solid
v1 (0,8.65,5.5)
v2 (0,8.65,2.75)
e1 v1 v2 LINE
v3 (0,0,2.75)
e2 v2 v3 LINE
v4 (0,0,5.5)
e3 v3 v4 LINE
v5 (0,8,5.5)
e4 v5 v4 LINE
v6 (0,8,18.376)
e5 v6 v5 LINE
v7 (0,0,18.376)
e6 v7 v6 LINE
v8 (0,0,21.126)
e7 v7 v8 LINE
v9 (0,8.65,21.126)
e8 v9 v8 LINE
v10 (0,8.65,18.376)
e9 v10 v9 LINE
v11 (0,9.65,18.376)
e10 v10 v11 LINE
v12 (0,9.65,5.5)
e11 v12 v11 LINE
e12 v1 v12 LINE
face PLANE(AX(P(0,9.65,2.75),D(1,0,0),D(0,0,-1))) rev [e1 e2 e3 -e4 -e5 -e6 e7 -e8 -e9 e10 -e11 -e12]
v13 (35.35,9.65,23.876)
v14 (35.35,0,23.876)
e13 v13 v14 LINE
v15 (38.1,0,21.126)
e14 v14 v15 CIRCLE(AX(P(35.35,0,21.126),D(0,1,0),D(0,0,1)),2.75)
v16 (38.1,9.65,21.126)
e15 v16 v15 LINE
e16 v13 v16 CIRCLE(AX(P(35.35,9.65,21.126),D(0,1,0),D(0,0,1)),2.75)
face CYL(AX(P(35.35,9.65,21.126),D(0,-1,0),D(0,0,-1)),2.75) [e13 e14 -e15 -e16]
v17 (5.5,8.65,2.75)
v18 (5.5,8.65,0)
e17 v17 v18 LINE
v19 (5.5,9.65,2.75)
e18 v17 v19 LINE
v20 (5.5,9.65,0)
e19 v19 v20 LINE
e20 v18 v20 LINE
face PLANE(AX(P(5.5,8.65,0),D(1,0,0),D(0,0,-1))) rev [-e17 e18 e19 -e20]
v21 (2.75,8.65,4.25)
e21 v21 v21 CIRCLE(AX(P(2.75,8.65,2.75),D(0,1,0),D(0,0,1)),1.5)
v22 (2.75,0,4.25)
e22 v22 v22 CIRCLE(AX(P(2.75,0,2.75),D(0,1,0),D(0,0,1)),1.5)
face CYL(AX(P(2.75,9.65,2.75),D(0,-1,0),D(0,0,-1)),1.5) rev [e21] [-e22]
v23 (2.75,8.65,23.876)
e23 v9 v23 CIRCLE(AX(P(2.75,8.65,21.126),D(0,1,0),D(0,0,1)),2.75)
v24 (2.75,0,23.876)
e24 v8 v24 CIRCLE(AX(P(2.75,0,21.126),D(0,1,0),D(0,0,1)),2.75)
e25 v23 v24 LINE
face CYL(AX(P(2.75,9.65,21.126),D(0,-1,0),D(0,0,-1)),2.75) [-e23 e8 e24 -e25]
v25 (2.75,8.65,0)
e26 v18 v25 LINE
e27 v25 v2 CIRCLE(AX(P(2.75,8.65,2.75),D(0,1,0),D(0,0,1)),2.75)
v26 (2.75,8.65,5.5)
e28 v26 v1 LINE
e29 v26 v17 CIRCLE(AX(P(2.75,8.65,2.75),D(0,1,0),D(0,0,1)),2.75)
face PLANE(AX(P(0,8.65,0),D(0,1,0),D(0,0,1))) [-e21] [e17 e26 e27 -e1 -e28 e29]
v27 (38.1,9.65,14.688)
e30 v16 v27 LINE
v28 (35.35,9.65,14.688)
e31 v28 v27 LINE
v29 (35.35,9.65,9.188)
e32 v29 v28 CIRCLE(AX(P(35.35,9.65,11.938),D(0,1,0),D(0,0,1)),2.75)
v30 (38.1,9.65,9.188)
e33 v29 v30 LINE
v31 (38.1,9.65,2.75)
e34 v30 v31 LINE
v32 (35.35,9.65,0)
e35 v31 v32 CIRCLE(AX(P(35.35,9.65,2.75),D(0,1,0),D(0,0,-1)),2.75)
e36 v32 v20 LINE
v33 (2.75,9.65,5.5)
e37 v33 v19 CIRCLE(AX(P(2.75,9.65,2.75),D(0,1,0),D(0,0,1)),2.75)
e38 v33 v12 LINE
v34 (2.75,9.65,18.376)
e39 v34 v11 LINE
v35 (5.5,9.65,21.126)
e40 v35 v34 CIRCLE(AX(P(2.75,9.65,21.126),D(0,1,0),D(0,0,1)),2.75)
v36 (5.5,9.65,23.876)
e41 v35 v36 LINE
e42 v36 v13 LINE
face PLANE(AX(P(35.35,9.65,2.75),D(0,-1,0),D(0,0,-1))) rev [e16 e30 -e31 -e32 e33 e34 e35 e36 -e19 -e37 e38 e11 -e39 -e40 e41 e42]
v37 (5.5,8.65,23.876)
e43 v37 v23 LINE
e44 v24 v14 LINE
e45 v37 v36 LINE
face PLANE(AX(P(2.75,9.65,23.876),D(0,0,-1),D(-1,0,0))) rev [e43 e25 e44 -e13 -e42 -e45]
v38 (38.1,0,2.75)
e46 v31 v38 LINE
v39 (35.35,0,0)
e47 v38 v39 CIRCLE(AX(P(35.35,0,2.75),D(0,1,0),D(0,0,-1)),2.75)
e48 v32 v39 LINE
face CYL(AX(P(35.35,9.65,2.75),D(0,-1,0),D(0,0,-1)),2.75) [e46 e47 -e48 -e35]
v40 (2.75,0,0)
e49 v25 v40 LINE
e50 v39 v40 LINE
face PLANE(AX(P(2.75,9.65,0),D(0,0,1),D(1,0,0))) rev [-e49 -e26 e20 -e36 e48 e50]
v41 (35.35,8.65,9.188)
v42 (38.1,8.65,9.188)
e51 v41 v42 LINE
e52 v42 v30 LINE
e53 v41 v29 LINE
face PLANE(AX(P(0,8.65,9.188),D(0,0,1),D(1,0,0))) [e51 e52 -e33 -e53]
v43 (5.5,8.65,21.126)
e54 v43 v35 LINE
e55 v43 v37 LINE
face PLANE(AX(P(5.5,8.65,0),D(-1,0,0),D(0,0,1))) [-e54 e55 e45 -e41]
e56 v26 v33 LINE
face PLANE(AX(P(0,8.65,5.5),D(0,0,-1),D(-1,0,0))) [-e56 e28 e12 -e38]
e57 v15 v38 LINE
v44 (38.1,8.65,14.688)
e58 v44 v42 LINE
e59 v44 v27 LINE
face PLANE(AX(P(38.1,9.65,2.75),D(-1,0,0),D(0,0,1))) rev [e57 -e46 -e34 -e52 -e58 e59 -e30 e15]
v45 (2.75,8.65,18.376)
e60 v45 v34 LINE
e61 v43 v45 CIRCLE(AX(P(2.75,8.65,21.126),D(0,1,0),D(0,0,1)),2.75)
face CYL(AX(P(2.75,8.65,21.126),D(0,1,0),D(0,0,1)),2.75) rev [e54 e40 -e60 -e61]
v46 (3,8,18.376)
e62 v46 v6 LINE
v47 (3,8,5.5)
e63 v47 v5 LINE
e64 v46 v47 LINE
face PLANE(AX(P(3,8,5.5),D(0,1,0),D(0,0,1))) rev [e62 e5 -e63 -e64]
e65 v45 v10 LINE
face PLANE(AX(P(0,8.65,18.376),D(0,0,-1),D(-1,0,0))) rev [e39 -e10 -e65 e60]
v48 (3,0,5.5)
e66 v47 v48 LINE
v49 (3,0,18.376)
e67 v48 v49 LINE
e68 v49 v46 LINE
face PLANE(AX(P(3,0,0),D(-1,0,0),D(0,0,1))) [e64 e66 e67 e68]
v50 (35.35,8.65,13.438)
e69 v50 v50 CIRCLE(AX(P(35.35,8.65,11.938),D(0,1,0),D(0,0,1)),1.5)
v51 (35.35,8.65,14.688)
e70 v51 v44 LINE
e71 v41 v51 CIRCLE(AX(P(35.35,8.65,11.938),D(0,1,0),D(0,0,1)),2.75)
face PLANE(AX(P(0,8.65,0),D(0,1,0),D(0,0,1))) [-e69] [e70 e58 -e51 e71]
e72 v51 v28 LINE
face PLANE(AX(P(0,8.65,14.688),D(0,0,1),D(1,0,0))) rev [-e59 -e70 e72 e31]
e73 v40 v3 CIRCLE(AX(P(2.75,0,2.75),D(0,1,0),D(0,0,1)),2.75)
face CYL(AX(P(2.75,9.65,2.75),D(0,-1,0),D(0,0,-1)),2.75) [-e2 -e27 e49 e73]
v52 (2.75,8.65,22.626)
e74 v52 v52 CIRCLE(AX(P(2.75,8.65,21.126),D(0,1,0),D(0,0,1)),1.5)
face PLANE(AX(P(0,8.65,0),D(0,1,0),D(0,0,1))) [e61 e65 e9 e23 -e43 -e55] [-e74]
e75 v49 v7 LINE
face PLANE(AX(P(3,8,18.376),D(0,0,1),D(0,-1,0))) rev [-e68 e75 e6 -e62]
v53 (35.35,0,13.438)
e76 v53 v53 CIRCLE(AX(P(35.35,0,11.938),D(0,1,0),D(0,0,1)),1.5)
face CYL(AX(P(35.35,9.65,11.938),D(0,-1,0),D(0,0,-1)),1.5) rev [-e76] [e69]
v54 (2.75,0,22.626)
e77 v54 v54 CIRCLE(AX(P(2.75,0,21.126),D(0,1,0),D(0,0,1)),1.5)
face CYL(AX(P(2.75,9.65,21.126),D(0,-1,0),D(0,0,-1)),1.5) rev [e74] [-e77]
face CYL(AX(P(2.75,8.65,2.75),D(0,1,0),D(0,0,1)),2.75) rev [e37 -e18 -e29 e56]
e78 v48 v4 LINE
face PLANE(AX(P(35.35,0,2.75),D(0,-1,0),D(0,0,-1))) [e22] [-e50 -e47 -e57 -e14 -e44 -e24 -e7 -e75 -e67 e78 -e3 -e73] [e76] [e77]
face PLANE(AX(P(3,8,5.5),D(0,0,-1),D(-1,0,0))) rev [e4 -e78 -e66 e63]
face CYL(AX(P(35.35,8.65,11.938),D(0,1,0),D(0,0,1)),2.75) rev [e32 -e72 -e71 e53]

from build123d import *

# Parameters (mm, degrees)
SKETCH1_R           = 1.5
BOSS_EXTRUDE1_DEPTH = 9.65
CUT_EXTRUDE1_START  = -1
SKETCH2_R           = 1.5
CUT_EXTRUDE1_DEPTH  = 1
SKETCH4_W           = 12.876
SKETCH4_H           = 8
CUT_EXTRUDE2_DEPTH  = 3


with BuildPart() as part:
    # Sketch1 → Boss-Extrude1 (new body)
    with BuildSketch(Plane(origin=(0, 0, 0), x_dir=(1, 0, 0), z_dir=(0, 1, 0))):
        with BuildLine():
            Line((2.75, 0), (35.35, 0))
            ThreePointArc((35.35, 0), (37.294543648, -0.805456352), (38.1, -2.75))
            Line((38.1, -2.75), (38.1, -21.126))
            ThreePointArc((38.1, -21.126), (37.294543648, -23.070543648), (35.35, -23.876))
            Line((35.35, -23.876), (2.75, -23.876))
            ThreePointArc((2.75, -23.876), (0.805456352, -23.070543648), (0, -21.126))
            Line((0, -21.126), (0, -2.75))
            ThreePointArc((0, -2.75), (0.805456352, -0.805456352), (2.75, 0))
        make_face()
        with Locations(Location((2.75, -2.75, 0), (0, 0, 270))):
            Circle(SKETCH1_R, mode=Mode.SUBTRACT)
        with Locations(Location((2.75, -21.126, 0), (0, 0, 270))):
            Circle(SKETCH1_R, mode=Mode.SUBTRACT)
        with Locations(Location((35.35, -11.938, 0), (0, 0, 270))):
            Circle(SKETCH1_R, mode=Mode.SUBTRACT)
    extrude(amount=BOSS_EXTRUDE1_DEPTH)

    # Sketch2 → Cut-Extrude1 (cut)
    # profile 1 of 20: a face of its own
    with BuildSketch(Plane(origin=(0, 9.65, 0), x_dir=(1, 0, 0), z_dir=(0, 1, 0)).offset(CUT_EXTRUDE1_START)):
        with BuildLine():
            Line((2.75, -18.376), (0, -18.376))
            Line((0, -18.376), (0, -21.126))
            ThreePointArc((0, -21.126), (0.805456352, -19.181456352), (2.75, -18.376))
        make_face()
    # profile 2 of 20: a face of its own
    with BuildSketch(Plane(origin=(0, 9.65, 0), x_dir=(1, 0, 0), z_dir=(0, 1, 0)).offset(CUT_EXTRUDE1_START)):
        with BuildLine():
            ThreePointArc((2.75, -23.876), (0.805456352, -23.070543648), (0, -21.126))
            Line((0, -21.126), (0, -23.876))
            Line((0, -23.876), (2.75, -23.876))
        make_face()
    # profile 3 of 20: a face of its own
    with BuildSketch(Plane(origin=(0, 9.65, 0), x_dir=(1, 0, 0), z_dir=(0, 1, 0)).offset(CUT_EXTRUDE1_START)):
        with BuildLine():
            ThreePointArc((5.5, -21.126), (4.694543648, -19.181456352), (2.75, -18.376))
            ThreePointArc((2.75, -18.376), (0.805456352, -19.181456352), (0, -21.126))
            ThreePointArc((0, -21.126), (0.805456352, -23.070543648), (2.75, -23.876))
            ThreePointArc((2.75, -23.876), (4.694543648, -23.070543648), (5.5, -21.126))
        make_face()
        with Locations(Location((2.75, -21.126, 0), (0, 0, 270))):
            Circle(SKETCH2_R, mode=Mode.SUBTRACT)
    # profile 4 of 20: a face of its own
    with BuildSketch(Plane(origin=(0, 9.65, 0), x_dir=(1, 0, 0), z_dir=(0, 1, 0)).offset(CUT_EXTRUDE1_START)):
        with Locations(Location((2.75, -21.126, 0), (0, 0, 270))):
            Circle(SKETCH2_R)
    # profile 5 of 20: a face of its own
    with BuildSketch(Plane(origin=(0, 9.65, 0), x_dir=(1, 0, 0), z_dir=(0, 1, 0)).offset(CUT_EXTRUDE1_START)):
        with BuildLine():
            Line((5.5, -23.876), (5.5, -21.126))
            ThreePointArc((5.5, -21.126), (4.694543648, -23.070543648), (2.75, -23.876))
            Line((2.75, -23.876), (5.5, -23.876))
        make_face()
    # profile 6 of 20: a face of its own
    with BuildSketch(Plane(origin=(0, 9.65, 0), x_dir=(1, 0, 0), z_dir=(0, 1, 0)).offset(CUT_EXTRUDE1_START)):
        with BuildLine():
            ThreePointArc((0, -2.75), (0.805456352, -4.694543648), (2.75, -5.5))
            ThreePointArc((2.75, -5.5), (4.694543648, -4.694543648), (5.5, -2.75))
            ThreePointArc((5.5, -2.75), (4.694543648, -0.805456352), (2.75, 0))
            ThreePointArc((2.75, 0), (0.805456352, -0.805456352), (0, -2.75))
        make_face()
        with Locations(Location((2.75, -2.75, 0), (0, 0, 270))):
            Circle(SKETCH2_R, mode=Mode.SUBTRACT)
    # profile 7 of 20: a face of its own
    with BuildSketch(Plane(origin=(0, 9.65, 0), x_dir=(1, 0, 0), z_dir=(0, 1, 0)).offset(CUT_EXTRUDE1_START)):
        with Locations(Location((2.75, -2.75, 0), (0, 0, 270))):
            Circle(SKETCH2_R)
    # profile 8 of 20: a face of its own
    with BuildSketch(Plane(origin=(0, 9.65, 0), x_dir=(1, 0, 0), z_dir=(0, 1, 0)).offset(CUT_EXTRUDE1_START)):
        with BuildLine():
            Line((0, -5.5), (2.75, -5.5))
            ThreePointArc((2.75, -5.5), (0.805456352, -4.694543648), (0, -2.75))
            Line((0, -2.75), (0, -5.5))
        make_face()
    # profile 9 of 20: a face of its own
    with BuildSketch(Plane(origin=(0, 9.65, 0), x_dir=(1, 0, 0), z_dir=(0, 1, 0)).offset(CUT_EXTRUDE1_START)):
        with BuildLine():
            Line((0, 0), (0, -2.75))
            ThreePointArc((0, -2.75), (0.805456352, -0.805456352), (2.75, 0))
            Line((2.75, 0), (0, 0))
        make_face()
    # profile 10 of 20: a face of its own
    with BuildSketch(Plane(origin=(0, 9.65, 0), x_dir=(1, 0, 0), z_dir=(0, 1, 0)).offset(CUT_EXTRUDE1_START)):
        with BuildLine():
            ThreePointArc((2.75, 0), (4.694543648, -0.805456352), (5.5, -2.75))
            Line((5.5, -2.75), (5.5, 0))
            Line((5.5, 0), (2.75, 0))
        make_face()
    # profile 11 of 20: a face of its own
    with BuildSketch(Plane(origin=(0, 9.65, 0), x_dir=(1, 0, 0), z_dir=(0, 1, 0)).offset(CUT_EXTRUDE1_START)):
        with BuildLine():
            ThreePointArc((38.1, -11.938), (37.294543648, -9.993456352), (35.35, -9.188))
            Line((35.35, -9.188), (35.35, -10.438))
            ThreePointArc((35.35, -10.438), (36.410660172, -10.877339828), (36.85, -11.938))
            ThreePointArc((36.85, -11.938), (36.410660172, -12.998660172), (35.35, -13.438))
            Line((35.35, -13.438), (35.35, -14.688))
            ThreePointArc((35.35, -14.688), (37.294543648, -13.882543648), (38.1, -11.938))
        make_face()
    # profile 12 of 20: a face of its own
    with BuildSketch(Plane(origin=(0, 9.65, 0), x_dir=(1, 0, 0), z_dir=(0, 1, 0)).offset(CUT_EXTRUDE1_START)):
        with BuildLine():
            Line((35.35, -10.438), (35.35, -9.188))
            ThreePointArc((35.35, -9.188), (32.6, -11.938), (35.35, -14.688))
            Line((35.35, -14.688), (35.35, -13.438))
            ThreePointArc((35.35, -13.438), (33.85, -11.938), (35.35, -10.438))
        make_face()
    # profile 13 of 20: a face of its own
    with BuildSketch(Plane(origin=(0, 9.65, 0), x_dir=(1, 0, 0), z_dir=(0, 1, 0)).offset(CUT_EXTRUDE1_START)):
        with BuildLine():
            ThreePointArc((36.85, -11.938), (36.410660172, -10.877339828), (35.35, -10.438))
            Line((35.35, -10.438), (35.35, -13.438))
            ThreePointArc((35.35, -13.438), (36.410660172, -12.998660172), (36.85, -11.938))
        make_face()
    # profile 14 of 20: a face of its own
    with BuildSketch(Plane(origin=(0, 9.65, 0), x_dir=(1, 0, 0), z_dir=(0, 1, 0)).offset(CUT_EXTRUDE1_START)):
        with BuildLine():
            Line((35.35, -13.438), (35.35, -10.438))
            ThreePointArc((35.35, -10.438), (33.85, -11.938), (35.35, -13.438))
        make_face()
    # profile 15 of 20: a face of its own
    with BuildSketch(Plane(origin=(0, 9.65, 0), x_dir=(1, 0, 0), z_dir=(0, 1, 0)).offset(CUT_EXTRUDE1_START)):
        with BuildLine():
            ThreePointArc((36.85, -11.938), (36.410660172, -10.877339828), (35.35, -10.438))
            Line((35.35, -10.438), (35.35, -13.438))
            ThreePointArc((35.35, -13.438), (36.410660172, -12.998660172), (36.85, -11.938))
        make_face()
    # profile 16 of 20: a face of its own
    with BuildSketch(Plane(origin=(0, 9.65, 0), x_dir=(1, 0, 0), z_dir=(0, 1, 0)).offset(CUT_EXTRUDE1_START)):
        with BuildLine():
            Line((35.35, -13.438), (35.35, -10.438))
            ThreePointArc((35.35, -10.438), (33.85, -11.938), (35.35, -13.438))
        make_face()
    # profile 17 of 20: a face of its own
    with BuildSketch(Plane(origin=(0, 9.65, 0), x_dir=(1, 0, 0), z_dir=(0, 1, 0)).offset(CUT_EXTRUDE1_START)):
        with BuildLine():
            ThreePointArc((38.1, -11.938), (37.294543648, -9.993456352), (35.35, -9.188))
            Line((35.35, -9.188), (35.35, -10.438))
            ThreePointArc((35.35, -10.438), (36.410660172, -10.877339828), (36.85, -11.938))
            ThreePointArc((36.85, -11.938), (36.410660172, -12.998660172), (35.35, -13.438))
            Line((35.35, -13.438), (35.35, -14.688))
            ThreePointArc((35.35, -14.688), (37.294543648, -13.882543648), (38.1, -11.938))
        make_face()
    # profile 18 of 20: a face of its own
    with BuildSketch(Plane(origin=(0, 9.65, 0), x_dir=(1, 0, 0), z_dir=(0, 1, 0)).offset(CUT_EXTRUDE1_START)):
        with BuildLine():
            Line((35.35, -10.438), (35.35, -9.188))
            ThreePointArc((35.35, -9.188), (32.6, -11.938), (35.35, -14.688))
            Line((35.35, -14.688), (35.35, -13.438))
            ThreePointArc((35.35, -13.438), (33.85, -11.938), (35.35, -10.438))
        make_face()
    # profile 19 of 20: a face of its own
    with BuildSketch(Plane(origin=(0, 9.65, 0), x_dir=(1, 0, 0), z_dir=(0, 1, 0)).offset(CUT_EXTRUDE1_START)):
        with BuildLine():
            Line((38.1, -14.688), (38.1, -11.938))
            ThreePointArc((38.1, -11.938), (37.294543648, -13.882543648), (35.35, -14.688))
            Line((35.35, -14.688), (38.1, -14.688))
        make_face()
    # profile 20 of 20: a face of its own
    with BuildSketch(Plane(origin=(0, 9.65, 0), x_dir=(1, 0, 0), z_dir=(0, 1, 0)).offset(CUT_EXTRUDE1_START)):
        with BuildLine():
            Line((38.1, -9.188), (35.35, -9.188))
            ThreePointArc((35.35, -9.188), (37.294543648, -9.993456352), (38.1, -11.938))
            Line((38.1, -11.938), (38.1, -9.188))
        make_face()
    extrude(amount=CUT_EXTRUDE1_DEPTH, mode=Mode.SUBTRACT)

    # Sketch4 → Cut-Extrude2 (cut)
    with BuildSketch(Plane.ZY):
        with Locations((11.938, 4)):
            Rectangle(SKETCH4_W, SKETCH4_H)
    extrude(amount=-CUT_EXTRUDE2_DEPTH, mode=Mode.SUBTRACT)


solid = part.part
